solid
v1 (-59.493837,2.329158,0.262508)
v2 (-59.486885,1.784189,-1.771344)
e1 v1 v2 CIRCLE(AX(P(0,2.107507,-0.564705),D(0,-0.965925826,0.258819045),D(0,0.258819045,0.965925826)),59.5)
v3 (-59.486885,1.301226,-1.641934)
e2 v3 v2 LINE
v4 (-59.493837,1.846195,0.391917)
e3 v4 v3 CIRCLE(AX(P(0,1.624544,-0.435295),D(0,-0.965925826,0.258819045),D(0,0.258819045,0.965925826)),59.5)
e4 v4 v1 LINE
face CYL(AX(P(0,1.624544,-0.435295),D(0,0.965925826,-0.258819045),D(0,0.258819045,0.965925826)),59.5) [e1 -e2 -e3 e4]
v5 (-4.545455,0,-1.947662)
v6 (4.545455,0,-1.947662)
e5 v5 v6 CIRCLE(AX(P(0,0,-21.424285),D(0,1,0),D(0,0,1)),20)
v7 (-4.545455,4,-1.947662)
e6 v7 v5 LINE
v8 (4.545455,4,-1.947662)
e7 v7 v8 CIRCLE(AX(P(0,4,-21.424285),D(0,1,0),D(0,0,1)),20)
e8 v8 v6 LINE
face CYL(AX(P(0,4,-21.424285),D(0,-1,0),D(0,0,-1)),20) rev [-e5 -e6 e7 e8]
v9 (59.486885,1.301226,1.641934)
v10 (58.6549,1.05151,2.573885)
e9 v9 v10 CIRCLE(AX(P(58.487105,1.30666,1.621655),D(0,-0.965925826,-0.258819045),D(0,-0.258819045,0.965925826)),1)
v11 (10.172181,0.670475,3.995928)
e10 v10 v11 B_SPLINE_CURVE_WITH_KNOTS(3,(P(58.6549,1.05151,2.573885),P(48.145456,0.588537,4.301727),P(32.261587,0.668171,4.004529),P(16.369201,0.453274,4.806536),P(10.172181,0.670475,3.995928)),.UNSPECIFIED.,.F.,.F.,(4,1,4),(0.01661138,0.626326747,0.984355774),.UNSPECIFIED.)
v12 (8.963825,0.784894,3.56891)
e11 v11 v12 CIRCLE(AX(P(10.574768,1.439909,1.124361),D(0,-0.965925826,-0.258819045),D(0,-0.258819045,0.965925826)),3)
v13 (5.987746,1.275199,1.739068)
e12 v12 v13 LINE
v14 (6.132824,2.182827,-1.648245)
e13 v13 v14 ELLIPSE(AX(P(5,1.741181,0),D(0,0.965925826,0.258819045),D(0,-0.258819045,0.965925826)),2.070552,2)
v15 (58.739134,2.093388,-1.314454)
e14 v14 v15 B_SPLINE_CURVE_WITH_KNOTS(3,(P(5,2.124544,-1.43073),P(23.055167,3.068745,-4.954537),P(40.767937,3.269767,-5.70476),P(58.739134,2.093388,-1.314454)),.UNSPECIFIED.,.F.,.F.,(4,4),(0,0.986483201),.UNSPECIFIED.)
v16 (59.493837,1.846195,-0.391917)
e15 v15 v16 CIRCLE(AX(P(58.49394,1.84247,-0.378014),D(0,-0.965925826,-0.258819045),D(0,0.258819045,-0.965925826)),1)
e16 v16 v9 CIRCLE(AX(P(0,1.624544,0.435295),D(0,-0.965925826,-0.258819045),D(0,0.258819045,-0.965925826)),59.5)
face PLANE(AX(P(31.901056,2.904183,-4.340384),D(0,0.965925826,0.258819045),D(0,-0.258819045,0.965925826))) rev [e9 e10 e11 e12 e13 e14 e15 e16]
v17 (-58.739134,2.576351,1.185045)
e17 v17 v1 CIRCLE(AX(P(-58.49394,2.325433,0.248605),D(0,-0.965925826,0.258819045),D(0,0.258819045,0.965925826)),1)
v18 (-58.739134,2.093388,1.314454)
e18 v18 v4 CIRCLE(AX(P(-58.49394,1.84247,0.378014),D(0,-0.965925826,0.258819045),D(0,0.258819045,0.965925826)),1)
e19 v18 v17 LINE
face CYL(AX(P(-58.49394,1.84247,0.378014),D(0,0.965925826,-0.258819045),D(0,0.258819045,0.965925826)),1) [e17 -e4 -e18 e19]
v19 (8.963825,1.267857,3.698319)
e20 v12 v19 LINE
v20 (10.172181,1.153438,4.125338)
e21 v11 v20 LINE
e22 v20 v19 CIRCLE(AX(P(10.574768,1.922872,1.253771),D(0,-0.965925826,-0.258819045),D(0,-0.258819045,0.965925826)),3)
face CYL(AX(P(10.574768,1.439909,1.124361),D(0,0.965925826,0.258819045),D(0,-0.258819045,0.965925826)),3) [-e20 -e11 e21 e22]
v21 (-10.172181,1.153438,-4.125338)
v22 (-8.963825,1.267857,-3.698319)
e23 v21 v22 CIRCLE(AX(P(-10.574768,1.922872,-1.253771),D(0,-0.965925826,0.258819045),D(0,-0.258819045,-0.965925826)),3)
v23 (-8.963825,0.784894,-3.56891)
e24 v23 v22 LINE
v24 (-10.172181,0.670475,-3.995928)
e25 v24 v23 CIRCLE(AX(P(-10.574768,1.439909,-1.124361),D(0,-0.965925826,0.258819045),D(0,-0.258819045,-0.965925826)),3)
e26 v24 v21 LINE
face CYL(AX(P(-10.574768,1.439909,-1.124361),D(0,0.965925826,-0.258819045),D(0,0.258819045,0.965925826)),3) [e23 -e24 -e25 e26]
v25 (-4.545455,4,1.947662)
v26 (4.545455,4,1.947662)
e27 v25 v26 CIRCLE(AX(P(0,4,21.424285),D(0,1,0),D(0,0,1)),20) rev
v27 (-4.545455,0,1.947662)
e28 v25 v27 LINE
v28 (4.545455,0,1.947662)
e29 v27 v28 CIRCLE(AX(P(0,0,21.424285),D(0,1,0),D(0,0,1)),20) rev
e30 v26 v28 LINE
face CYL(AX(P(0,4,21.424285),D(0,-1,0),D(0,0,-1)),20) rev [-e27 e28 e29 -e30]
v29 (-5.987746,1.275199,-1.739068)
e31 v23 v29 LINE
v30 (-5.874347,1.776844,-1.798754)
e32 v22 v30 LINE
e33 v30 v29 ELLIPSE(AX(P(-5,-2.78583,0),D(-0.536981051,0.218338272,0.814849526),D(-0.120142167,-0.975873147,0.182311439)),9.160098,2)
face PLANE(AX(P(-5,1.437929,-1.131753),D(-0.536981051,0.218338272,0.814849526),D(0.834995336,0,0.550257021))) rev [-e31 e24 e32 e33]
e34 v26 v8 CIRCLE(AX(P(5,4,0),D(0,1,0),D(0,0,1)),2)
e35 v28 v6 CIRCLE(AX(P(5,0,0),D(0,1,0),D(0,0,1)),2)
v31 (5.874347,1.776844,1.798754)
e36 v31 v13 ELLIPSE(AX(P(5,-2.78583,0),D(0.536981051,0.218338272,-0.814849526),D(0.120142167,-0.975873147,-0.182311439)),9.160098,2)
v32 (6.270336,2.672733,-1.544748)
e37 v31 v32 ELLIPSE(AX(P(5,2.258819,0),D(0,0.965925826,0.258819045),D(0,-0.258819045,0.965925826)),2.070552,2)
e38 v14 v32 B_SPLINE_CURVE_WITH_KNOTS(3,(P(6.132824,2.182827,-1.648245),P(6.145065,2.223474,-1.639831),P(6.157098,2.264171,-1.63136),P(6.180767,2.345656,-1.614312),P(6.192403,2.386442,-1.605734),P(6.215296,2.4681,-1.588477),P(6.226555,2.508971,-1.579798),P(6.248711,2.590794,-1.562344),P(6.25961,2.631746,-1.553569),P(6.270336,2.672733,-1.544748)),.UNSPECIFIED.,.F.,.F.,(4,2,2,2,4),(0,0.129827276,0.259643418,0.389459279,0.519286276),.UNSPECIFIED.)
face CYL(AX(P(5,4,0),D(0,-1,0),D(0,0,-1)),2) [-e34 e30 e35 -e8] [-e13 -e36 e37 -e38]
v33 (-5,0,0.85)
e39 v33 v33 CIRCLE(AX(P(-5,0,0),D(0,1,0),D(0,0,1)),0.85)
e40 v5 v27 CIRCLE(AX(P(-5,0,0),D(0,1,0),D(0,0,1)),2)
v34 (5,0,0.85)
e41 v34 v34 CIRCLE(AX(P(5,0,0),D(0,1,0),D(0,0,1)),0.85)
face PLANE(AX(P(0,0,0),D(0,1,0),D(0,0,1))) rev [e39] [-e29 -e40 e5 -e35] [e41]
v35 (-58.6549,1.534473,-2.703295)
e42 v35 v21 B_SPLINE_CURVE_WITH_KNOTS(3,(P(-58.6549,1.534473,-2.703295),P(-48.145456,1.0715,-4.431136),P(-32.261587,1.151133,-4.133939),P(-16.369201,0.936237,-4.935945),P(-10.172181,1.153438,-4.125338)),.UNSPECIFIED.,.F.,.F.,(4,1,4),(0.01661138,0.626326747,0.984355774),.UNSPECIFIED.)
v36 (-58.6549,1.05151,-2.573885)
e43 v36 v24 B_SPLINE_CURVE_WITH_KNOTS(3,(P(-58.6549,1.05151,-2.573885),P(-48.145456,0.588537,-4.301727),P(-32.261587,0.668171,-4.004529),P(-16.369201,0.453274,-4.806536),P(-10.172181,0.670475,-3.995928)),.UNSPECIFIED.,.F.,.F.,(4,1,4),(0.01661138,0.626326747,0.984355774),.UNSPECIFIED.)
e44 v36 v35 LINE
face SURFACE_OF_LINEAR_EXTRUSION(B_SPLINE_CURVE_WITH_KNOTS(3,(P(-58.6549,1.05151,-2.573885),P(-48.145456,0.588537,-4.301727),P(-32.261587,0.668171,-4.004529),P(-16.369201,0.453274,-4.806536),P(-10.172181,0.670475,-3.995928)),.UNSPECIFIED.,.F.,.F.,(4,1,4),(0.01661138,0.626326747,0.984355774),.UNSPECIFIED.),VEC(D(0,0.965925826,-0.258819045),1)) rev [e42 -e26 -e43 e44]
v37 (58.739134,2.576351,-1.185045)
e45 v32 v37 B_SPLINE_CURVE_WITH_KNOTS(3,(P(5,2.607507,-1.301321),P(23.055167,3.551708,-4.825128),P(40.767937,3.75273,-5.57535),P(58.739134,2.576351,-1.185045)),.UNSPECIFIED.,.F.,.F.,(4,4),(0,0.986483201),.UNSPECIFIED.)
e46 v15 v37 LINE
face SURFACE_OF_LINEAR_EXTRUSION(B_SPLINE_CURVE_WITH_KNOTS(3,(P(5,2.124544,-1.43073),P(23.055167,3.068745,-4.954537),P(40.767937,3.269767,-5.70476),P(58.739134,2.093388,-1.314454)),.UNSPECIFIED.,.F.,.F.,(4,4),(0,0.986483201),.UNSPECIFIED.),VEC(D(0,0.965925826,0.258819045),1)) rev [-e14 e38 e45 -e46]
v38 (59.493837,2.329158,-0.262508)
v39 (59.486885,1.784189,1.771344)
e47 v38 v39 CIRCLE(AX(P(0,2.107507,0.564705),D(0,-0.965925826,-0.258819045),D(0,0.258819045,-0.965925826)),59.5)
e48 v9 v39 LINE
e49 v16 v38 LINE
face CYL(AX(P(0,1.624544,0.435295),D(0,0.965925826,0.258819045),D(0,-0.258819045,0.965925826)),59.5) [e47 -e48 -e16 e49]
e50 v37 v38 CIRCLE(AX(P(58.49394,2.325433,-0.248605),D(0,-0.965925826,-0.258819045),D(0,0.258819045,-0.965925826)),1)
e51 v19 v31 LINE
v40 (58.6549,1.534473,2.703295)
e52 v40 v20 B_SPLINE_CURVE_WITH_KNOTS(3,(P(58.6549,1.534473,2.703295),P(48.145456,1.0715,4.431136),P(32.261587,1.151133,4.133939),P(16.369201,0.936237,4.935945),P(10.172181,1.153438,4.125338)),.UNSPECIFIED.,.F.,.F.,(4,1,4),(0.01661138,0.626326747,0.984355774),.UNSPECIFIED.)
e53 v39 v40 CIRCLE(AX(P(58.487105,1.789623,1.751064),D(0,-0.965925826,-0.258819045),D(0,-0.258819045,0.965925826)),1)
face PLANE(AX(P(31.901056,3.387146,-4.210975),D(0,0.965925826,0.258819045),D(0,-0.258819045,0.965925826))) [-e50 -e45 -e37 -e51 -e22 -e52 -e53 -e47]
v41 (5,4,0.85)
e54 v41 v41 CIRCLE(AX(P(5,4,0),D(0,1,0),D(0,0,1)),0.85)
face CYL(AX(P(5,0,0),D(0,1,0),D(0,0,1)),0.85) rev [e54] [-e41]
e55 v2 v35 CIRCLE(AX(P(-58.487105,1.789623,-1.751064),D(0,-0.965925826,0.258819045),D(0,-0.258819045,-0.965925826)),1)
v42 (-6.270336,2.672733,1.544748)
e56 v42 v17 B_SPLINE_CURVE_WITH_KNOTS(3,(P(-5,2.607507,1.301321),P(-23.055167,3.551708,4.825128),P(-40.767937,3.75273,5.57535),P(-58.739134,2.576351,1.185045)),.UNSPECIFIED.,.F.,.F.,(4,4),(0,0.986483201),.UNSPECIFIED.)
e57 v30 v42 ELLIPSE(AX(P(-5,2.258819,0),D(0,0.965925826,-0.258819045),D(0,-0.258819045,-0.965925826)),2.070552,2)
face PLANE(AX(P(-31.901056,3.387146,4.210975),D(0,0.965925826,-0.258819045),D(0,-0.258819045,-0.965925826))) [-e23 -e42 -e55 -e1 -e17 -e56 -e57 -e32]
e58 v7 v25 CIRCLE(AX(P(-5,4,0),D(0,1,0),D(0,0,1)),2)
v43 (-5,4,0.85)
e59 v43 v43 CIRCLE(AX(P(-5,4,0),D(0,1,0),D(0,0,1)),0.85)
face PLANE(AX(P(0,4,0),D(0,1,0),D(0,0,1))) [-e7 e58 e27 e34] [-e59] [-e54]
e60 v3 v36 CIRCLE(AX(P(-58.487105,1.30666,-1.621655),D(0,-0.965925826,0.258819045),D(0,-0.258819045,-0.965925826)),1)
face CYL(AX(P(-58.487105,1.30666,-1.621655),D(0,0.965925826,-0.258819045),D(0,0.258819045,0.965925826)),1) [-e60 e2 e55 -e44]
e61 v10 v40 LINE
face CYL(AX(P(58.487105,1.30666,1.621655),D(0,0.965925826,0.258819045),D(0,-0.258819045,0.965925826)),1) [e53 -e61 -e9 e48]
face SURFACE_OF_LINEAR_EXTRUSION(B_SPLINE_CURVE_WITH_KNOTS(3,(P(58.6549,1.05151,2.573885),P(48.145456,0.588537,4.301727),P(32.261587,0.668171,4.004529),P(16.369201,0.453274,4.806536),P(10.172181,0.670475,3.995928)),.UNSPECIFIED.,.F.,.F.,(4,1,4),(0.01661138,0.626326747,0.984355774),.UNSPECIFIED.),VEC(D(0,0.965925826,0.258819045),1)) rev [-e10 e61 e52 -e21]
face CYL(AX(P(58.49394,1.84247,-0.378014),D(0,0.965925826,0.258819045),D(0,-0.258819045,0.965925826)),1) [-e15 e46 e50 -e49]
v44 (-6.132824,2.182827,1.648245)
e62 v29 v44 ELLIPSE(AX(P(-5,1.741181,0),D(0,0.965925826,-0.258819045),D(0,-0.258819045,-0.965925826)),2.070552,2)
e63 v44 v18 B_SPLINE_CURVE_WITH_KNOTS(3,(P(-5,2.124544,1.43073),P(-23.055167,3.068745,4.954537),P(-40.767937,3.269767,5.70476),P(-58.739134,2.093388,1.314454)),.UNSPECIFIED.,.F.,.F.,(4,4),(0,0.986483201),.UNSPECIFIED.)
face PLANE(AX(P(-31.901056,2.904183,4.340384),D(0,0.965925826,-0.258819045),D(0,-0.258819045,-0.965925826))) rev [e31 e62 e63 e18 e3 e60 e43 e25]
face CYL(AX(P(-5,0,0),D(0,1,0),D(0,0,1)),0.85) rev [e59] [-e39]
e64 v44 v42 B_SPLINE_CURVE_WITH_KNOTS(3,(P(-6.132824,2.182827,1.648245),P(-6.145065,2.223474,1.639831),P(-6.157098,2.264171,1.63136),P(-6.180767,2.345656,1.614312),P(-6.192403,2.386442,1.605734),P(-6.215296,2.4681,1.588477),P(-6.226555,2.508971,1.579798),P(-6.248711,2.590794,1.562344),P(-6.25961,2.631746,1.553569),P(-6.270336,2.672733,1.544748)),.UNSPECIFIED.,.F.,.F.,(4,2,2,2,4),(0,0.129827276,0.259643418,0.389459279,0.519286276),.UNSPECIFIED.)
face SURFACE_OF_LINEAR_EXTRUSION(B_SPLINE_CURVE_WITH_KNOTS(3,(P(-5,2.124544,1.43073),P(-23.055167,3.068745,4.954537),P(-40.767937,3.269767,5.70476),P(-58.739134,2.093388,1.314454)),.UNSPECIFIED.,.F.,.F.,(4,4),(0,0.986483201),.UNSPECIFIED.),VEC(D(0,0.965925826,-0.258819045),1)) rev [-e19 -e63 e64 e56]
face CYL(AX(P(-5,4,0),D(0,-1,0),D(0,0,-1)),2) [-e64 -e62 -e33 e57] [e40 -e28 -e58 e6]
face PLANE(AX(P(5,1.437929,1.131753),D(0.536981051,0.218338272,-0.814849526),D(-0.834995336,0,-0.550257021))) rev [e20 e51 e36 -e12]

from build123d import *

# Parameters (mm, degrees)
EXTRUDE_1_DEPTH          = 4
EXTRUDE_2_DEPTH          = 0.25
PATTERN_CIRCULAR_1_COUNT = 2
SKETCH_4_R               = 0.85
CUT_EXTRUDE_1_DEPTH      = 5.0000001


with BuildPart() as part:
    # 草图1 → 凸台-拉伸1 (new body)
    with BuildSketch(Plane(origin=(0, 0, 0), x_dir=(1, 0, 0), z_dir=(0, 1, 0))):
        with BuildLine():
            ThreePointArc((4.545454545, 1.947662299), (0, 1.424285286), (-4.545454545, 1.947662299))
            ThreePointArc((-4.545454545, 1.947662299), (-7, 0), (-4.545454545, -1.947662299))
            ThreePointArc((-4.545454545, -1.947662299), (0, -1.424285286), (4.545454545, -1.947662299))
            ThreePointArc((4.545454545, -1.947662299), (7, 0), (4.545454545, 1.947662299))
        make_face()
    extrude(amount=EXTRUDE_1_DEPTH)

    # 草图3 → 凸台-拉伸2 (add, symmetric)
    with BuildSketch(Plane(origin=(0, 1.866025404, 0.5), x_dir=(0, 0.258819045, -0.965925826), z_dir=(0, -0.965925826, -0.258819045))):
        with BuildLine():
            Line((-0.721025856, 5), (-3.244156646, 8.963824719))
            ThreePointArc((-3.244156646, 8.963824719), (-3.530742288, 9.544023278), (-3.686238371, 10.172181433))
            add(Edge.make_bspline(
                [(-3.686238371, 10.172181433), (-4.525441011, 16.369200543), (-3.695143097, 32.261586596), (-4.002824546, 48.145456087), (-2.214031519, 58.654900349)],
                knots=[0.01661138, 0.01661138, 0.01661138, 0.01661138, 0.374640407, 0.984355774, 0.984355774, 0.984355774, 0.984355774], degree=3))
            ThreePointArc((-2.214031519, 58.654900349), (-1.881256083, 59.24442325), (-1.249204631, 59.486885007))
            ThreePointArc((-1.249204631, 59.486885007), (-0.196436424, 59.499675736), (0.85639329, 59.493836576))
            ThreePointArc((0.85639329, 59.493836576), (1.46199409, 59.278546742), (1.811474117, 58.739134328))
            add(Edge.make_bspline(
                [(1.931851653, 5), (5.579965015, 23.055167147), (6.356652938, 40.76793724), (1.811474117, 58.739134328)],
                knots=[0, 0, 0, 0, 0.986483201, 0.986483201, 0.986483201, 0.986483201], degree=3))
            Line((1.931851653, 5), (-0.721025856, 5))
        make_face()
    extrude_2 = extrude(amount=EXTRUDE_2_DEPTH, both=True)

    # 阵列(圆周)1: 凸台-拉伸2 ×2 about axis
    pattern_circular_1_axis = Axis((0, 4.2, 0), (0, -1, 0))
    for i in range(1, PATTERN_CIRCULAR_1_COUNT):
        add(extrude_2.rotate(pattern_circular_1_axis, i * 360 / PATTERN_CIRCULAR_1_COUNT))

    # 草图4 → 切除-拉伸1 (cut, through all)
    with BuildSketch(Plane(origin=(0, 4, 0), x_dir=(1, 0, 0), z_dir=(0, 1, 0))):
        with Locations((-5, 0)):
            Circle(SKETCH_4_R)
        with Locations((5, 0)):
            Circle(SKETCH_4_R)
    extrude(amount=-CUT_EXTRUDE_1_DEPTH, mode=Mode.SUBTRACT)


solid = part.part
